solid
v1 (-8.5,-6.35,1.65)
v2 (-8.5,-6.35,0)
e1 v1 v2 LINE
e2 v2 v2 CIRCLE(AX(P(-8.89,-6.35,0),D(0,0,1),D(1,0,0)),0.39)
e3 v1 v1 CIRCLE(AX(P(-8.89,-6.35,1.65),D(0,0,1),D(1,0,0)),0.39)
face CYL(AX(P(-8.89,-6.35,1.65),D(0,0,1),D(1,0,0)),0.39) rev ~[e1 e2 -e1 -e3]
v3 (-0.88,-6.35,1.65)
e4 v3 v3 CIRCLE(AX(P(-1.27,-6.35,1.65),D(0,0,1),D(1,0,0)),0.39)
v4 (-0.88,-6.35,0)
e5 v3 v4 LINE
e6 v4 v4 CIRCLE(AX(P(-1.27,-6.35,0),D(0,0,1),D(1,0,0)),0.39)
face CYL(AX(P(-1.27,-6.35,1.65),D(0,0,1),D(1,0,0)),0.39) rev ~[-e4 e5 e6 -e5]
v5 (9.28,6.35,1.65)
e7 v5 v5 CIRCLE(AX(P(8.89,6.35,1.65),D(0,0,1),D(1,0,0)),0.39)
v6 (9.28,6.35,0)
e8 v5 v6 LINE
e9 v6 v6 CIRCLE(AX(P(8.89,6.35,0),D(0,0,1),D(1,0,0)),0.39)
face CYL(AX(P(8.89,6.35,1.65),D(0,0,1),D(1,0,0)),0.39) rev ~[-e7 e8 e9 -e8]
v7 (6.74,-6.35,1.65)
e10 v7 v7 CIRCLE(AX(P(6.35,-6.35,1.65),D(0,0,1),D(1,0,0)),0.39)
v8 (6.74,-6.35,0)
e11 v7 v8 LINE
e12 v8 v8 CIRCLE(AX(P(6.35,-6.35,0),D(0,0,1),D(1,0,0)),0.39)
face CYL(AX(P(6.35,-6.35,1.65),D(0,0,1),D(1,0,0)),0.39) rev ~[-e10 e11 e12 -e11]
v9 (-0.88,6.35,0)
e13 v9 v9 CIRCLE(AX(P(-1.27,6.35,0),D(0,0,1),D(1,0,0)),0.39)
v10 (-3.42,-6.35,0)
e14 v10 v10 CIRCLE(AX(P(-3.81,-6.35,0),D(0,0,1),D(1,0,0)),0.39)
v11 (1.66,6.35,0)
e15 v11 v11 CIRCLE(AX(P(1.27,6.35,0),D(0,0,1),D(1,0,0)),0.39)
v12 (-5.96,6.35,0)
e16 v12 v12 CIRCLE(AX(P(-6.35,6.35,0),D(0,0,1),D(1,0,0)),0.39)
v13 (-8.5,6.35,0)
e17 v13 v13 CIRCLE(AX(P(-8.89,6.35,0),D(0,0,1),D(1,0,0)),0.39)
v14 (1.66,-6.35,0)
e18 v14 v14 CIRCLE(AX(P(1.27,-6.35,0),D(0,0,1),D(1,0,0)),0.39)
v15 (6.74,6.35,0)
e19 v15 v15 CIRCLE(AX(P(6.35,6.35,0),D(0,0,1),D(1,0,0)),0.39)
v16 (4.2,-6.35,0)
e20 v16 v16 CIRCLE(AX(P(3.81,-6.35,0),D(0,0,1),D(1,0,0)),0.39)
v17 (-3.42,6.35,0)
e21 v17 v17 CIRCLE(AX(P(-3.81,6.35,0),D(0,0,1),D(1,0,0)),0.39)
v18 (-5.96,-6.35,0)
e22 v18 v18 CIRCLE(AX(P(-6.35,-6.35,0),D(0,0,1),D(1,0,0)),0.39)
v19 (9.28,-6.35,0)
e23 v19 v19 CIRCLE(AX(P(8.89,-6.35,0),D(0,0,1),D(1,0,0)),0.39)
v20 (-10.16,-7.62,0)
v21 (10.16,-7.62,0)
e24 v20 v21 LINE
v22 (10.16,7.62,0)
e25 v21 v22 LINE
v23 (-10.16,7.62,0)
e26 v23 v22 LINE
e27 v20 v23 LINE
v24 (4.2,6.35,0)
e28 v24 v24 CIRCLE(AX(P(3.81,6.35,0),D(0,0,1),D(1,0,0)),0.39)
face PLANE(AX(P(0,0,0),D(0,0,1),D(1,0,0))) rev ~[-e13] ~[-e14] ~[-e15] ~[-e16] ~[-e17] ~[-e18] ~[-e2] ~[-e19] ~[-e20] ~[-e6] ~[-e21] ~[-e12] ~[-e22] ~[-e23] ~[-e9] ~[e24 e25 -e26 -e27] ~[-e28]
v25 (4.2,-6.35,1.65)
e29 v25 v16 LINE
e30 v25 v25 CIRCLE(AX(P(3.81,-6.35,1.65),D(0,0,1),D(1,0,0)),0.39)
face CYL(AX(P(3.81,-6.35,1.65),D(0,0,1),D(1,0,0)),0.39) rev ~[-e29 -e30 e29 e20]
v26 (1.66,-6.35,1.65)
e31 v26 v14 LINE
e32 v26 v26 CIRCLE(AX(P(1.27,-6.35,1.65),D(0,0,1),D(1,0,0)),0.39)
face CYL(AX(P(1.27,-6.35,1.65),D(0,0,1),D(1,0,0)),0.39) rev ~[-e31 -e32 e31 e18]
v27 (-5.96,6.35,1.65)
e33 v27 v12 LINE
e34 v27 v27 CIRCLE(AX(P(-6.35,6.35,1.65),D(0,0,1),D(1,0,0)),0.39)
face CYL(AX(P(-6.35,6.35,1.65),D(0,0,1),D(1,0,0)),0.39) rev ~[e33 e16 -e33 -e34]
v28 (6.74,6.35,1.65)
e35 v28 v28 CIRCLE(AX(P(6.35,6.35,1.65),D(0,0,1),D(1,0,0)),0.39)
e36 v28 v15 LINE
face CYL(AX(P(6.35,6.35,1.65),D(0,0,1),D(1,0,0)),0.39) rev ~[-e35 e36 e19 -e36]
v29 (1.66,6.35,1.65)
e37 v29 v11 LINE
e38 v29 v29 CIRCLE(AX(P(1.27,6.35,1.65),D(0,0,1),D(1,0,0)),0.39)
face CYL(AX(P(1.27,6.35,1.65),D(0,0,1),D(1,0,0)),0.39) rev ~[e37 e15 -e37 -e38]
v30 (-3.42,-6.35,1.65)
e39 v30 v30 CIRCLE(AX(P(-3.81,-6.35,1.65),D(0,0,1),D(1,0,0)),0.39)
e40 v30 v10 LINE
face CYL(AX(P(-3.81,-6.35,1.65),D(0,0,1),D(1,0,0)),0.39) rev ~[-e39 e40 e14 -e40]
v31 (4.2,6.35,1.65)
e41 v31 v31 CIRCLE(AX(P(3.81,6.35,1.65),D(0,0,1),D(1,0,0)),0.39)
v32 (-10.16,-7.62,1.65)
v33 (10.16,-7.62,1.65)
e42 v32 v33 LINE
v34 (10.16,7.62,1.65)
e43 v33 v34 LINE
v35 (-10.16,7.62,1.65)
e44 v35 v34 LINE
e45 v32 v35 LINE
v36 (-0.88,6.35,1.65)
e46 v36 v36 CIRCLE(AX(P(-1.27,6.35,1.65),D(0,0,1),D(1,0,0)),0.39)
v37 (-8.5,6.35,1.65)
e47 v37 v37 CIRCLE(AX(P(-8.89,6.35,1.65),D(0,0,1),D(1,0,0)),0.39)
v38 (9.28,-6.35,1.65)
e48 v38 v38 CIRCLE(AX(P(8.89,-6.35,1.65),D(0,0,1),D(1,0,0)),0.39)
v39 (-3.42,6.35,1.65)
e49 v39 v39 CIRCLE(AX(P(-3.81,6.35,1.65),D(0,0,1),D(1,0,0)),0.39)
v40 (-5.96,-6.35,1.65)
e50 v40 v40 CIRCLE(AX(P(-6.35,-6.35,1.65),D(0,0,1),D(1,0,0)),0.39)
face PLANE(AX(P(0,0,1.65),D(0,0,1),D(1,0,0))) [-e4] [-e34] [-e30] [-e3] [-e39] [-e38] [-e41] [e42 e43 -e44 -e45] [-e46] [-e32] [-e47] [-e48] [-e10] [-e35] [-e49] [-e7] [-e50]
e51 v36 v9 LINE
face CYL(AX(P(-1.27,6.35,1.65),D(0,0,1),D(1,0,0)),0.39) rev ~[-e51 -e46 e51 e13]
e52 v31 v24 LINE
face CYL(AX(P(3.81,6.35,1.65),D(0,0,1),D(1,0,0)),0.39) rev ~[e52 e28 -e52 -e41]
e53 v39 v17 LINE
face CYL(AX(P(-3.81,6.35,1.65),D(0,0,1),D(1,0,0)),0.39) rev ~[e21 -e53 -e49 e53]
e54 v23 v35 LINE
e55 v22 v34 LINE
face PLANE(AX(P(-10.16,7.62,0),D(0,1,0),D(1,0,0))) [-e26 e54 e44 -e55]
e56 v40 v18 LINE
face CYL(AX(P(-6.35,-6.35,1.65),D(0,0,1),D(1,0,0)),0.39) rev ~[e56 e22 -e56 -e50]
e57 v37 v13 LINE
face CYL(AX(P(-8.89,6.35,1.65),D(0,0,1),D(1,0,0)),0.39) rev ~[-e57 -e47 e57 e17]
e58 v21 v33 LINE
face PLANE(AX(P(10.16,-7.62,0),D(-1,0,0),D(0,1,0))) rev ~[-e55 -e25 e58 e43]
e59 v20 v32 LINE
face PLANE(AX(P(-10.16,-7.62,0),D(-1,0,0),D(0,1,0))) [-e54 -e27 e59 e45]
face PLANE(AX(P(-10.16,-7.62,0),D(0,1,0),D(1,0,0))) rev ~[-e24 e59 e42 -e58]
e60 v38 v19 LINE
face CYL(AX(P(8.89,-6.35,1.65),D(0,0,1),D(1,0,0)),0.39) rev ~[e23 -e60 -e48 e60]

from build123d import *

# Parameters (mm, degrees)
SKETCH047_W              = 20.32
SKETCH047_H              = 15.24
PAD001010_DEPTH          = 1.65
SKETCH048_R              = 0.39
POCKET021005005004_DEPTH = 1.651
LINEARPATTERN002_COUNT   = 8
LINEARPATTERN002_PITCH   = 2.54


with BuildPart() as part:
    # Sketch047 → Pad001010 (new body)
    with BuildSketch(Plane.XY):
        Rectangle(SKETCH047_W, SKETCH047_H)
    extrude(amount=PAD001010_DEPTH)

    # Sketch048 (on Face6 of Pad001010) → Pocket021005005004 (cut, through all)
    with BuildSketch(Plane.XY.offset(1.65)):
        with Locations((-8.89, -6.35)):
            Circle(SKETCH048_R)
        with Locations((-8.89, 6.35)):
            Circle(SKETCH048_R)
    pocket021005005004 = extrude(amount=-POCKET021005005004_DEPTH, mode=Mode.SUBTRACT)

    # LinearPattern002: Pocket021005005004 ×8
    with Locations(*[(i * LINEARPATTERN002_PITCH, 0, 0) for i in range(1, LINEARPATTERN002_COUNT)]):
        add(pocket021005005004, mode=Mode.SUBTRACT)


solid = part.part
